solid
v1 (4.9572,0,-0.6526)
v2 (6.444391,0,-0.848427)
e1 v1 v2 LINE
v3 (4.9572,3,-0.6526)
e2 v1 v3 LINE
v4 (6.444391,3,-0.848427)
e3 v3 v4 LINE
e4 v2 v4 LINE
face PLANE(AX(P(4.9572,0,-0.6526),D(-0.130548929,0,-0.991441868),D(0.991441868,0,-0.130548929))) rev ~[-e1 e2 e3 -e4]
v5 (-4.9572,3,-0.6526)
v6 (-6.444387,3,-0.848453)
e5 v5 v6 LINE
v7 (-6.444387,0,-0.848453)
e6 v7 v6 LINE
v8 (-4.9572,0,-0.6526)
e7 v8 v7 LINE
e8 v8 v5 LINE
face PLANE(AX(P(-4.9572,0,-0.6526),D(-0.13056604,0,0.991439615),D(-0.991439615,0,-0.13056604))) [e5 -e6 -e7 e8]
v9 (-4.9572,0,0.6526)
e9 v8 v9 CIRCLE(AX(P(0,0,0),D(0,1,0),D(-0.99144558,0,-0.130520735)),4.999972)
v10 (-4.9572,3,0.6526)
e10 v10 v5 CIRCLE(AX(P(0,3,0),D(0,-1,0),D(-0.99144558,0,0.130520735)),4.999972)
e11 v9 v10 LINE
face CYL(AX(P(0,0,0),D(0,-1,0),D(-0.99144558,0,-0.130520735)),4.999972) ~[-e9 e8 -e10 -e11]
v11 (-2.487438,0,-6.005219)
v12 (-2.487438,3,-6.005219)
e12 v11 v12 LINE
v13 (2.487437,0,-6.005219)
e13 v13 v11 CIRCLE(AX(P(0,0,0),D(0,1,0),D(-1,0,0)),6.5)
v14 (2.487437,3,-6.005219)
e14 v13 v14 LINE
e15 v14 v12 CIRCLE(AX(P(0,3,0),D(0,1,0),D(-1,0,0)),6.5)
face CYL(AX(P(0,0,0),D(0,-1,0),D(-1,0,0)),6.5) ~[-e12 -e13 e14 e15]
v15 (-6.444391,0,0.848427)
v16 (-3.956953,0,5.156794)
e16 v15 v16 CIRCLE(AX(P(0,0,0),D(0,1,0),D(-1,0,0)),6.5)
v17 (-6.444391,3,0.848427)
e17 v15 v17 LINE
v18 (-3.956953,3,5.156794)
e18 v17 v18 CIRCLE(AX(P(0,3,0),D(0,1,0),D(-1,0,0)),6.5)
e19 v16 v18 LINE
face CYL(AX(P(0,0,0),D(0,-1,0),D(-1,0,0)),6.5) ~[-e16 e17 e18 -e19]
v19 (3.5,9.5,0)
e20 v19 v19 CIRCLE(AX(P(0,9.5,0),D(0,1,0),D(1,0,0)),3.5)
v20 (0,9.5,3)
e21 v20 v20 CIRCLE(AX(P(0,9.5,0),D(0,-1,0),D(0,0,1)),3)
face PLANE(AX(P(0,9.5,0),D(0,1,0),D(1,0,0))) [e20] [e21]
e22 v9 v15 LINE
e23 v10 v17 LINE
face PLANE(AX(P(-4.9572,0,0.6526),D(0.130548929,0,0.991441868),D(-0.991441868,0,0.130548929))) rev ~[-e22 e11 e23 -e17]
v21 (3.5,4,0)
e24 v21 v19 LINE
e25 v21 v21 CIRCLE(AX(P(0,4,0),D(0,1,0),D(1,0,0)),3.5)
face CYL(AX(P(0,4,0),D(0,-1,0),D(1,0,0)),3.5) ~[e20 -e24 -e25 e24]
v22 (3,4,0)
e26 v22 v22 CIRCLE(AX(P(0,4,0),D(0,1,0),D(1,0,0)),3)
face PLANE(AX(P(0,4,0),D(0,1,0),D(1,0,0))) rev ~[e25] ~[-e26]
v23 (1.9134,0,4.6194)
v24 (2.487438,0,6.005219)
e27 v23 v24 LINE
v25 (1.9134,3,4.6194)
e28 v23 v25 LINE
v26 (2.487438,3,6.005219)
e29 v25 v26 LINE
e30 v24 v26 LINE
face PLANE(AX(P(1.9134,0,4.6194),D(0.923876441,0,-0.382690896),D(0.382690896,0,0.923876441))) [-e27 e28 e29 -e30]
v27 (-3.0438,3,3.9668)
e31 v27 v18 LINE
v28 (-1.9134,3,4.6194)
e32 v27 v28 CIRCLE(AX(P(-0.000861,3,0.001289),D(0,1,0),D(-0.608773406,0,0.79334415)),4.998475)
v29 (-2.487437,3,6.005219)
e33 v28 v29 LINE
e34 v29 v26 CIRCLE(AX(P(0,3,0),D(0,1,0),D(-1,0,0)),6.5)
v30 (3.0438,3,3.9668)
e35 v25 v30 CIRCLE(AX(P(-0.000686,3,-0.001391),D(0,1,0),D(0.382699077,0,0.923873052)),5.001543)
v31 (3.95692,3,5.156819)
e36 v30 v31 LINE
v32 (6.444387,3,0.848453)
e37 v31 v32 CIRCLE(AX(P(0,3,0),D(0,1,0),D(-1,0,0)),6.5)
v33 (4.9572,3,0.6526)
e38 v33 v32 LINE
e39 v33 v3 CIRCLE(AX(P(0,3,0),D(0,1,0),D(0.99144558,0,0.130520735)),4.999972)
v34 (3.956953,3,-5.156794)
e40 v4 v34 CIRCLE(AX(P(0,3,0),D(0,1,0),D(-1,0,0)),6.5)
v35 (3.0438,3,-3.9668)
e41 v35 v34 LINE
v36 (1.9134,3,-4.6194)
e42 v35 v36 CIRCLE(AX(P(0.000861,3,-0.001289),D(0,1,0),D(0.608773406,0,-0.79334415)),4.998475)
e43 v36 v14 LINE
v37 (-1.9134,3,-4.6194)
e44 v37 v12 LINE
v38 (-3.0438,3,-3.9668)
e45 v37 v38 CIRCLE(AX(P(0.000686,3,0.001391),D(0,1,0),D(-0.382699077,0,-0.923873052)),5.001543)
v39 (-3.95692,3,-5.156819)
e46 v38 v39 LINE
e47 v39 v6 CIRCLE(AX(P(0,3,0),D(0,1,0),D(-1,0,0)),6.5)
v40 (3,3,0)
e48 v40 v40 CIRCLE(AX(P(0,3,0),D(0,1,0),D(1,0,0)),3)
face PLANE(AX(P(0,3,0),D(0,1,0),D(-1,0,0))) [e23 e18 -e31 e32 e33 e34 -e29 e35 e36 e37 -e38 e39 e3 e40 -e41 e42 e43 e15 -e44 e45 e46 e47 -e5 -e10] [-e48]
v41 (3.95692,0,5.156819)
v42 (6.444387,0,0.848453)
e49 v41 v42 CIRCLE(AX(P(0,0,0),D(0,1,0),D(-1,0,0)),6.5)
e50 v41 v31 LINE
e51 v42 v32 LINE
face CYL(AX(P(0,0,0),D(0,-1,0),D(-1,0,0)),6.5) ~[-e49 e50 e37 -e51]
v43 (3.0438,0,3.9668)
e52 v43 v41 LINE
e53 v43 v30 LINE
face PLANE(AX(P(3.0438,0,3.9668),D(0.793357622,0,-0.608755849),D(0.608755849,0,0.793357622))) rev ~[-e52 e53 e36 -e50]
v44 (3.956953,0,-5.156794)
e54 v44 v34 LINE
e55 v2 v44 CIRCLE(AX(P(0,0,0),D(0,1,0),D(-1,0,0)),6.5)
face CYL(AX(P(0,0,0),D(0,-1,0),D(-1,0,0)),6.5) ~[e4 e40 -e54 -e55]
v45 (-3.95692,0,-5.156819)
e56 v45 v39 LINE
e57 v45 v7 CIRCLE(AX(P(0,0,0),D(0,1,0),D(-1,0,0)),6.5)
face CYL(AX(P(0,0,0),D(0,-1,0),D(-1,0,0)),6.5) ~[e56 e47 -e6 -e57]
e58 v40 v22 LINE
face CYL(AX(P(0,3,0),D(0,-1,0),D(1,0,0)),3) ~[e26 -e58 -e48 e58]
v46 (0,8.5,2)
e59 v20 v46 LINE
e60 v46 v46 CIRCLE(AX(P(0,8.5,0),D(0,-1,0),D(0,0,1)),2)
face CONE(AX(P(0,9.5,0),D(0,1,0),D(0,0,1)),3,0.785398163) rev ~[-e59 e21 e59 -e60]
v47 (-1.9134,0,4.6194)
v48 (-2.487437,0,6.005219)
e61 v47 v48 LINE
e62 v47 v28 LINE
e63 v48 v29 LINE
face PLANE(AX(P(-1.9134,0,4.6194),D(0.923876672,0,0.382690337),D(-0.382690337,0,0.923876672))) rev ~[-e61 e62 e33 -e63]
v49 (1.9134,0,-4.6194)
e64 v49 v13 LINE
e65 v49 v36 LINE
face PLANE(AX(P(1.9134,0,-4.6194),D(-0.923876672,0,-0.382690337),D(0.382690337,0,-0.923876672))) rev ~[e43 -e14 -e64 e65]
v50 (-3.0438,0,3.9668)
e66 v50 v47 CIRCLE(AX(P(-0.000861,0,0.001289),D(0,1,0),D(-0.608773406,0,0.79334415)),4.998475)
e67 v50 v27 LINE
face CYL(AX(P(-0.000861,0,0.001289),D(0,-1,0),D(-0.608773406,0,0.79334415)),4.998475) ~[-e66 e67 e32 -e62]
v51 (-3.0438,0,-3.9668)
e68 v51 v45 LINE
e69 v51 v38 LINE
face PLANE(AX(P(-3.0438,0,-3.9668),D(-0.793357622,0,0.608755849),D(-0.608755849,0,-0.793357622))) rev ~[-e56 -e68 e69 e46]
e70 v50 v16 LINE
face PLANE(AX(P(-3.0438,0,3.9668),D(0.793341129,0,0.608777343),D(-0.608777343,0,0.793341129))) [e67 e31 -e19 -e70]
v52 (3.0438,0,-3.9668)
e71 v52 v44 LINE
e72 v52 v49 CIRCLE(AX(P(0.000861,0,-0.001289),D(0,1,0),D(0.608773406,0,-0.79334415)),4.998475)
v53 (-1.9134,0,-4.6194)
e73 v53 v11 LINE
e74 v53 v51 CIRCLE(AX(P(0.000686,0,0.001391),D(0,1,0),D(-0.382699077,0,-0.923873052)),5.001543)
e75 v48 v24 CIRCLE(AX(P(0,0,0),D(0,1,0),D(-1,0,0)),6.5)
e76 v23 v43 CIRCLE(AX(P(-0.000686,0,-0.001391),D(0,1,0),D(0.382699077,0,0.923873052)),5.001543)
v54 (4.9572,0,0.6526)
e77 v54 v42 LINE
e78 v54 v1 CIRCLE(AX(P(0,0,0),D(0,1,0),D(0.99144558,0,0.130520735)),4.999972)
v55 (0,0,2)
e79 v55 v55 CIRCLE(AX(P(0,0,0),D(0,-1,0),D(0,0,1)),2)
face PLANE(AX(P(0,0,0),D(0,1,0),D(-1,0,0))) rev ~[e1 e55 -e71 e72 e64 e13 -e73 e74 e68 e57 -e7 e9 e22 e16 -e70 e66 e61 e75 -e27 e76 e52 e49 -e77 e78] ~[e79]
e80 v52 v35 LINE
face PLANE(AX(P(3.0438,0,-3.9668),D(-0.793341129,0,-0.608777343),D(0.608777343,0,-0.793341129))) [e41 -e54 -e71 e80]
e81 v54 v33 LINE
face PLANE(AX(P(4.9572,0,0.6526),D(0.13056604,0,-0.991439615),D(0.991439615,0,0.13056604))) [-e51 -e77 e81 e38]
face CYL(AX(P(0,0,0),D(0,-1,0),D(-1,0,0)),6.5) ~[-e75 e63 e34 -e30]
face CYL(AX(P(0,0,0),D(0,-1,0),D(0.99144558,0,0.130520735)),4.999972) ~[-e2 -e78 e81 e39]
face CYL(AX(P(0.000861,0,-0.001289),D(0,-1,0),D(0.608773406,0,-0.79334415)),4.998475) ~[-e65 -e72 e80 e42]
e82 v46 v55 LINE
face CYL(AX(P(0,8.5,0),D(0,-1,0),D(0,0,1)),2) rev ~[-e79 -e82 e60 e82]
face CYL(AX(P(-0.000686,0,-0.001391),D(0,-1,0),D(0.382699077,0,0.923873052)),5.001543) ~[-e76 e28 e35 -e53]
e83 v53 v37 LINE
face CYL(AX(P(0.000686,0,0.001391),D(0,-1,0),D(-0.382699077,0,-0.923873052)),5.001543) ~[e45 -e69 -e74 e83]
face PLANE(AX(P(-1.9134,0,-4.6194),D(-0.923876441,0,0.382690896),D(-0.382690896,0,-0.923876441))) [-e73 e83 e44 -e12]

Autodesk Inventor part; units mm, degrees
ref_plane "YZ Plane" through (0, 0, 0) normal (1, 0, 0) x (0, 1, 0)
ref_plane "XZ Plane" through (0, 0, 0) normal (0, 1, 0) x (-1, 0, 0)
ref_plane "XY Plane" through (0, 0, 0) normal (0, 0, 1) x (1, 0, 0)
sketch "Sketch1" plane through (0, 0, 0) normal (0, 1, 0) x (-1, 0, 0)
  circle A0 centre (0, 0) radius 6.5
  arc A1 (4.9572, -0.6526) -> (4.9572, 0.6526) centre (0, 0) ccw
  line L0 (6.5, 0) -> (0, 0)
  line L1 (4.9572, -0.6526) -> (6.4979, -0.8555)
  line L2 (4.9572, 0.6526) -> (6.9401, 0.9137)
  line L3 (0, 0) -> (7, 0) construction
  line L4 (3.0438, 3.9668) -> (3.9898, 5.1996)
  arc A2 (3.0438, 3.9668) -> (1.9134, 4.6194) centre (0, 0) ccw
  line L5 (1.9134, 4.6194) -> (2.6788, 6.4672)
  line L6 (-1.9134, 4.6194) -> (-2.5081, 6.0551)
  arc A3 (-1.9134, 4.6194) -> (-3.0438, 3.9668) centre (0, 0) ccw
  line L7 (-3.0438, 3.9668) -> (-4.2613, 5.5535)
  line L8 (-4.9572, 0.6526) -> (-6.4979, 0.8555)
  arc A4 (-4.9572, 0.6526) -> (-4.9572, -0.6526) centre (0, 0) ccw
  line L9 (-4.9572, -0.6526) -> (-6.9401, -0.9137)
  line L10 (-3.0438, -3.9668) -> (-3.9898, -5.1996)
  arc A5 (-3.0438, -3.9668) -> (-1.9134, -4.6194) centre (0, 0) ccw
  line L11 (-1.9134, -4.6194) -> (-2.6788, -6.4672)
  line L12 (1.9134, -4.6194) -> (2.5081, -6.0551)
  arc A6 (1.9134, -4.6194) -> (3.0438, -3.9668) centre (0, 0) ccw
  line L13 (3.0438, -3.9668) -> (4.2613, -5.5535)
  point P0 (-6.4444, -0.8484)
  point P1 (-3.9569, -5.1568)
  point P2 (-2.4874, -6.0052)
  point P3 (2.4874, -6.0052)
  point P4 (3.9569, -5.1568)
  point P5 (6.4444, -0.8484)
  point P6 (6.4444, 0.8484)
  point P7 (3.9569, 5.1568)
  point P8 (2.4874, 6.0052)
  point P9 (-2.4874, 6.0052)
  point P10 (-3.9569, 5.1568)
  point P11 (-6.4444, 0.8484)
  dimension "d0" = 13
  dimension "d1" = 10
  dimension "d2" = 6.554
  dimension "d3" = 7.5
  dimension "d4" = 7
  dimension "d5" = 7.5
  dimension "d8" = 360
extrude "Extrusion1" add sketch "Sketch1" along normal blind 3 contours L2 A1 L1 A0 L13 A6 L12 L11 A5 L10 L9 A4 L8 L7 A3 L6 L5 A2 L4
sketch "Sketch2" plane through (0, 3, 0) normal (0, 1, 0) x (1, 0, 0)
  arc A0 (-2.4874, -6.0052) -> (2.4874, -6.0052) centre (0, 0) ccw projected
  line L0 (2.4874, -6.0052) -> (1.9134, -4.6194) projected
  arc A1 (1.9134, -4.6194) -> (3.0438, -3.9668) centre (0, 0) ccw projected
  line L1 (3.0438, -3.9668) -> (3.9569, -5.1568) projected
  arc A2 (3.9569, -5.1568) -> (6.4444, -0.8484) centre (0, 0) ccw projected
  line L2 (6.4444, -0.8484) -> (4.9572, -0.6526) projected
  arc A3 (4.9572, -0.6526) -> (4.9572, 0.6526) centre (0, 0) ccw projected
  line L3 (4.9572, 0.6526) -> (6.4444, 0.8484) projected
  arc A4 (6.4444, 0.8484) -> (3.9569, 5.1568) centre (0, 0) ccw projected
  line L4 (3.9569, 5.1568) -> (3.0438, 3.9668) projected
  arc A5 (3.0438, 3.9668) -> (1.9134, 4.6194) centre (0, 0) ccw projected
  line L5 (1.9134, 4.6194) -> (2.4874, 6.0052) projected
  arc A6 (2.4874, 6.0052) -> (-2.4874, 6.0052) centre (0, 0) ccw projected
  line L6 (-2.4874, 6.0052) -> (-1.9134, 4.6194) projected
  arc A7 (-1.9134, 4.6194) -> (-3.0438, 3.9668) centre (0, 0) ccw projected
  line L7 (-3.0438, 3.9668) -> (-3.9569, 5.1568) projected
  arc A8 (-3.9569, 5.1568) -> (-6.4444, 0.8484) centre (0, 0) ccw projected
  line L8 (-6.4444, 0.8484) -> (-4.9572, 0.6526) projected
  arc A9 (-4.9572, 0.6526) -> (-4.9572, -0.6526) centre (0, 0) ccw projected
  line L9 (-4.9572, -0.6526) -> (-6.4444, -0.8484) projected
  arc A10 (-6.4444, -0.8484) -> (-3.9569, -5.1568) centre (0, 0) ccw projected
  line L10 (-3.9569, -5.1568) -> (-3.0438, -3.9668) projected
  arc A11 (-3.0438, -3.9668) -> (-1.9134, -4.6194) centre (0, 0) ccw projected
  line L11 (-1.9134, -4.6194) -> (-2.4874, -6.0052) projected
  circle A12 centre (0, 0) radius 3
  dimension "d12" = 6
extrude "Extrusion2" add sketch "Sketch2" along normal blind 1 contours A12
sketch "Sketch3" plane through (0, 4, 0) normal (0, 1, 0) x (1, 0, 0)
  circle A0 centre (0, 0) radius 3.5
  dimension "d15" = 7
extrude "Extrusion3" add sketch "Sketch3" along normal blind 5.5
sketch "Sketch4" plane through (0, 9.5, 0) normal (0, 1, 0) x (1, 0, 0)
  point P0 (0, 0)
  point P1 (0, 0)
hole "Hole1" at (0, 9.5, 0) direction (0, -1, 0) diameter 4 end through all countersink diameter 6 countersink angle 90
thread "Thread1" size "M7x1" class "6g" standard "ANSI Metric M Profile" length 10
properties material "Brass, Soft Yellow, Welded"
